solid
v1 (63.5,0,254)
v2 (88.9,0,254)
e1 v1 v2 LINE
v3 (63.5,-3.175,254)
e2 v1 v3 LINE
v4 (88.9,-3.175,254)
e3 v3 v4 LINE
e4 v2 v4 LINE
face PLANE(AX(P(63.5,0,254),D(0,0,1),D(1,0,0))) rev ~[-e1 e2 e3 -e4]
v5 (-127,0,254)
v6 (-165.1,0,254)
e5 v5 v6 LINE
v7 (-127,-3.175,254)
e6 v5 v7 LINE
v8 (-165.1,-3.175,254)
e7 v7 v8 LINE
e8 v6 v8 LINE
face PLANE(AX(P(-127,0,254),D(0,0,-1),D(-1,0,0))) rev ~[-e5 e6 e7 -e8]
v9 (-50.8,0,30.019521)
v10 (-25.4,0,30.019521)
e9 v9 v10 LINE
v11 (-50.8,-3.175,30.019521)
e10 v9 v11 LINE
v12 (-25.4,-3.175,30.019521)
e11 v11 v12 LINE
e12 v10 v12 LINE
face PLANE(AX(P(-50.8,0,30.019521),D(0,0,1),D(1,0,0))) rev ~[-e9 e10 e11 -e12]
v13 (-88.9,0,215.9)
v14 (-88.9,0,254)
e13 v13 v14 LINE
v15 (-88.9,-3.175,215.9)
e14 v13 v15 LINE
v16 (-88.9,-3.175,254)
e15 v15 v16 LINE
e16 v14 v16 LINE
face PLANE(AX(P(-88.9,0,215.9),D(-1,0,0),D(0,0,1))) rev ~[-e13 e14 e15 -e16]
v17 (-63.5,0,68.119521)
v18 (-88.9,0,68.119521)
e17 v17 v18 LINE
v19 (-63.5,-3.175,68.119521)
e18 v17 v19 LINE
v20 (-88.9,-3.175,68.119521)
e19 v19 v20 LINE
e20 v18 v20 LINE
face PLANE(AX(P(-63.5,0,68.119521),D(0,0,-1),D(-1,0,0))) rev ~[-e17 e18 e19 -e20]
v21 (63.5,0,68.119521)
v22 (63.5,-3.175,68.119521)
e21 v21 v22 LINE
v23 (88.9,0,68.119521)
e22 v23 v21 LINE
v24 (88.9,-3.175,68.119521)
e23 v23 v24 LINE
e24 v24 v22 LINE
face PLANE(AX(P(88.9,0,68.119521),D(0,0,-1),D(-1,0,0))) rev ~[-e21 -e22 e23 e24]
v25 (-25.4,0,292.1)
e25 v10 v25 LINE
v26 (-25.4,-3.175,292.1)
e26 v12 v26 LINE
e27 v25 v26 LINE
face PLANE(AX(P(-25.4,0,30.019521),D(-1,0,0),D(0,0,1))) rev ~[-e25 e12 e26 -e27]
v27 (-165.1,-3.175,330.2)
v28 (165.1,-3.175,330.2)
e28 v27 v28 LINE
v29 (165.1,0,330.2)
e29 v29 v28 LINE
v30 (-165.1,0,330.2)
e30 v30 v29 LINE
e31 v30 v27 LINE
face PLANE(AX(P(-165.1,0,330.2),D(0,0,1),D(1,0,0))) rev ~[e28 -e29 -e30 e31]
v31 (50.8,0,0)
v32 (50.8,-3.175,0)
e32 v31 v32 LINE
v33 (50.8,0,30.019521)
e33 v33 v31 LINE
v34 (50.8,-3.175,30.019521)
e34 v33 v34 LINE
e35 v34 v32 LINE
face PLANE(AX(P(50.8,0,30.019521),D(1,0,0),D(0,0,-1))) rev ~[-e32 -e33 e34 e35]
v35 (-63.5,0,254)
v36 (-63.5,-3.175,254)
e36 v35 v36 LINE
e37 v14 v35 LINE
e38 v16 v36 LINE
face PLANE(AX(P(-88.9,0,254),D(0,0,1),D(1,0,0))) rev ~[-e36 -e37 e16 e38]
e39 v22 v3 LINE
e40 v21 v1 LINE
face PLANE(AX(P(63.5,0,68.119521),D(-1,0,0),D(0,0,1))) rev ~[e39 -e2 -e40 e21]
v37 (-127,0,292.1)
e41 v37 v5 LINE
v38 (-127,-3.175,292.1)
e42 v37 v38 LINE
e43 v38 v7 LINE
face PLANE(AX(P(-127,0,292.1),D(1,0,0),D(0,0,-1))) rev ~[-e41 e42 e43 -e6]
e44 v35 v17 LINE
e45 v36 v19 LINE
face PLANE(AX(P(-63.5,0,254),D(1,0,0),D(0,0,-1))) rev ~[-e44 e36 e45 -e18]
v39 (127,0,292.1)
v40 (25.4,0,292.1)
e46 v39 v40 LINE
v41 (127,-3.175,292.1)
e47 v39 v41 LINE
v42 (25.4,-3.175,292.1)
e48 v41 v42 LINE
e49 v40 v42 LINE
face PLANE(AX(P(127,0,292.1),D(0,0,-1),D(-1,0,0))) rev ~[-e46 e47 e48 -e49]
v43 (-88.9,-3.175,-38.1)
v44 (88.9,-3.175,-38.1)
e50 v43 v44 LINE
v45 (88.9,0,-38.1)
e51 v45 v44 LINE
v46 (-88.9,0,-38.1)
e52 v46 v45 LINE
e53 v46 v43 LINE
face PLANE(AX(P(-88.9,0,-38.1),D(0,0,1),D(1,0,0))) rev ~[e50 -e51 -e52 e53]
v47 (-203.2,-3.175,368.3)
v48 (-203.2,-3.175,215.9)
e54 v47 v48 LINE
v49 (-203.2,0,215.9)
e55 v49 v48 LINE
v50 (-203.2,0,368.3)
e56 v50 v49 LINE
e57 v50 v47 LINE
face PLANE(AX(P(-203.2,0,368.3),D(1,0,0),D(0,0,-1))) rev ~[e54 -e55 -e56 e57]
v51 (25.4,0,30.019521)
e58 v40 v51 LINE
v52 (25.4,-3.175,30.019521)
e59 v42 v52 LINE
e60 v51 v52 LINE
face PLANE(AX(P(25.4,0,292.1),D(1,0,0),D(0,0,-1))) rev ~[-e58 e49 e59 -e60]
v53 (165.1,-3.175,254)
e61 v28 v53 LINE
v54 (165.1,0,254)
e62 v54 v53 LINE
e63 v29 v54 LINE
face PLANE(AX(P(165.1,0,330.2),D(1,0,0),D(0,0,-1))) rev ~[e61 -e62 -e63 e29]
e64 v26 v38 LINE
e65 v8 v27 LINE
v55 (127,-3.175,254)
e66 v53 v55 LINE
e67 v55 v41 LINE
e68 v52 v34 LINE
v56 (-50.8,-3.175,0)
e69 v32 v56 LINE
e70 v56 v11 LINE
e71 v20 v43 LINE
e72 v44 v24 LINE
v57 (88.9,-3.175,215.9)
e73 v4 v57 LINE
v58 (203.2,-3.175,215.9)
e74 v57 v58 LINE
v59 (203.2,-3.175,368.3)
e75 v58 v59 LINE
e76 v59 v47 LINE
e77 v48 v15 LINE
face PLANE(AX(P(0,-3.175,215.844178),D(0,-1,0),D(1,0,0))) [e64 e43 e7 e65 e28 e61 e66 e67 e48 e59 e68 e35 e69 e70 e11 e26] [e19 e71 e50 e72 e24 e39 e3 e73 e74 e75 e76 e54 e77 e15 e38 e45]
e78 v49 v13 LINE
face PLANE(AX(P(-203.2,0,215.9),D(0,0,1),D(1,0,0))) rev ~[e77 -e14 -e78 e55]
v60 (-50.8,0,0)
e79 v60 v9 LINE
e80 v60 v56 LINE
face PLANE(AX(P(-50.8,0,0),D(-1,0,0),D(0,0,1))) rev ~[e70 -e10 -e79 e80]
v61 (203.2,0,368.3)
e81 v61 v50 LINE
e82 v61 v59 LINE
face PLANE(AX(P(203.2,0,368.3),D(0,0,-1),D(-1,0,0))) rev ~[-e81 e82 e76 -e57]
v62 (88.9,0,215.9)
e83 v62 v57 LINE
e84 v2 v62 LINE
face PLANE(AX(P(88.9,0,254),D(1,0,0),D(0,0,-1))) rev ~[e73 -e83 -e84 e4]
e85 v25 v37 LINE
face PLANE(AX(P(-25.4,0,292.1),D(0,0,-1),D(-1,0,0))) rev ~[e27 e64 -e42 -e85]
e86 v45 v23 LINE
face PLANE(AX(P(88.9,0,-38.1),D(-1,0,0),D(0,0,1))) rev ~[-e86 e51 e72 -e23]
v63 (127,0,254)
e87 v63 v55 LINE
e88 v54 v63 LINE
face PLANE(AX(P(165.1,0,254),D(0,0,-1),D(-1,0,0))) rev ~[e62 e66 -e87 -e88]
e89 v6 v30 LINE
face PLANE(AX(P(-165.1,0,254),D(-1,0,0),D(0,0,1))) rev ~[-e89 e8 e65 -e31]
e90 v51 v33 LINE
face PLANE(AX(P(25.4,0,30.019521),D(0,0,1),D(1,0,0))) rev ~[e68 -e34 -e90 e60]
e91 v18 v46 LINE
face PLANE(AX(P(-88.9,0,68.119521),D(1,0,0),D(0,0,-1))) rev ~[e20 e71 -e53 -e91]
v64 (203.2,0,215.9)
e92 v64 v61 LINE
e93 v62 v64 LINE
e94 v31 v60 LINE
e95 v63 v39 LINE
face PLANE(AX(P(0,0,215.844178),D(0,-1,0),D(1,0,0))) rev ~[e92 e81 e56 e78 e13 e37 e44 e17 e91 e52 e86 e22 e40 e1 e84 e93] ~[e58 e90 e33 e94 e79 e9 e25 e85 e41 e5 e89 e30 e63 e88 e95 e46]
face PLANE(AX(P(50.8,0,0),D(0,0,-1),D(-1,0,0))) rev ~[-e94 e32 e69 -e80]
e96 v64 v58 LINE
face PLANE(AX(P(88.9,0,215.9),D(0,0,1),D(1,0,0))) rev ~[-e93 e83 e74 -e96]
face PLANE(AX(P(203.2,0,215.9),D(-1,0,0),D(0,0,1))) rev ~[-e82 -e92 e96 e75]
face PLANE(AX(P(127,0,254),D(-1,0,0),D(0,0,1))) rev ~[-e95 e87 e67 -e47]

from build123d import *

# Parameters (mm, degrees)
F1_DEPTH = 3.175


with BuildPart() as f1:
    # F0 (on Front) → F1 (new body)
    with BuildSketch(Plane.XZ):
        Polygon((0, 330.2), (-25.4, 330.2), (-127, 330.2), (-165.1, 330.2), (-165.1, 292.1), (-165.1, 254), (-127, 254), (-127, 292.1), (-25.4, 292.1), (-25.4, 30.019521), (-50.8, 30.019521), (-50.8, 0), (-25.4, 0), (0, 0), (50.8, 0), (50.8, 30.019521), (25.4, 30.019521), (25.4, 292.1), (127, 292.1), (127, 254), (165.1, 254), (165.1, 330.2), align=None)
        Polygon((-88.9, 254), (-63.5, 254), (-63.5, 68.119521), (-88.9, 68.119521), (-88.9, -38.1), (0, -38.1), (88.9, -38.1), (88.9, 68.119521), (63.5, 68.119521), (63.5, 254), (88.9, 254), (88.9, 215.9), (203.2, 215.9), (203.2, 368.3), (0, 368.3), (-203.2, 368.3), (-203.2, 215.9), (-88.9, 215.9), align=None)
        Polygon((-127, 330.2), (-25.4, 330.2), (0, 330.2), (165.1, 330.2), (165.1, 254), (127, 254), (127, 292.1), (25.4, 292.1), (25.4, 30.019521), (50.8, 30.019521), (50.8, 0), (0, 0), (-25.4, 0), (-50.8, 0), (-50.8, 30.019521), (-25.4, 30.019521), (-25.4, 292.1), (-127, 292.1), (-127, 254), (-165.1, 254), (-165.1, 292.1), (-165.1, 330.2), align=None, mode=Mode.SUBTRACT)
    extrude(amount=F1_DEPTH)


solid = f1.part
